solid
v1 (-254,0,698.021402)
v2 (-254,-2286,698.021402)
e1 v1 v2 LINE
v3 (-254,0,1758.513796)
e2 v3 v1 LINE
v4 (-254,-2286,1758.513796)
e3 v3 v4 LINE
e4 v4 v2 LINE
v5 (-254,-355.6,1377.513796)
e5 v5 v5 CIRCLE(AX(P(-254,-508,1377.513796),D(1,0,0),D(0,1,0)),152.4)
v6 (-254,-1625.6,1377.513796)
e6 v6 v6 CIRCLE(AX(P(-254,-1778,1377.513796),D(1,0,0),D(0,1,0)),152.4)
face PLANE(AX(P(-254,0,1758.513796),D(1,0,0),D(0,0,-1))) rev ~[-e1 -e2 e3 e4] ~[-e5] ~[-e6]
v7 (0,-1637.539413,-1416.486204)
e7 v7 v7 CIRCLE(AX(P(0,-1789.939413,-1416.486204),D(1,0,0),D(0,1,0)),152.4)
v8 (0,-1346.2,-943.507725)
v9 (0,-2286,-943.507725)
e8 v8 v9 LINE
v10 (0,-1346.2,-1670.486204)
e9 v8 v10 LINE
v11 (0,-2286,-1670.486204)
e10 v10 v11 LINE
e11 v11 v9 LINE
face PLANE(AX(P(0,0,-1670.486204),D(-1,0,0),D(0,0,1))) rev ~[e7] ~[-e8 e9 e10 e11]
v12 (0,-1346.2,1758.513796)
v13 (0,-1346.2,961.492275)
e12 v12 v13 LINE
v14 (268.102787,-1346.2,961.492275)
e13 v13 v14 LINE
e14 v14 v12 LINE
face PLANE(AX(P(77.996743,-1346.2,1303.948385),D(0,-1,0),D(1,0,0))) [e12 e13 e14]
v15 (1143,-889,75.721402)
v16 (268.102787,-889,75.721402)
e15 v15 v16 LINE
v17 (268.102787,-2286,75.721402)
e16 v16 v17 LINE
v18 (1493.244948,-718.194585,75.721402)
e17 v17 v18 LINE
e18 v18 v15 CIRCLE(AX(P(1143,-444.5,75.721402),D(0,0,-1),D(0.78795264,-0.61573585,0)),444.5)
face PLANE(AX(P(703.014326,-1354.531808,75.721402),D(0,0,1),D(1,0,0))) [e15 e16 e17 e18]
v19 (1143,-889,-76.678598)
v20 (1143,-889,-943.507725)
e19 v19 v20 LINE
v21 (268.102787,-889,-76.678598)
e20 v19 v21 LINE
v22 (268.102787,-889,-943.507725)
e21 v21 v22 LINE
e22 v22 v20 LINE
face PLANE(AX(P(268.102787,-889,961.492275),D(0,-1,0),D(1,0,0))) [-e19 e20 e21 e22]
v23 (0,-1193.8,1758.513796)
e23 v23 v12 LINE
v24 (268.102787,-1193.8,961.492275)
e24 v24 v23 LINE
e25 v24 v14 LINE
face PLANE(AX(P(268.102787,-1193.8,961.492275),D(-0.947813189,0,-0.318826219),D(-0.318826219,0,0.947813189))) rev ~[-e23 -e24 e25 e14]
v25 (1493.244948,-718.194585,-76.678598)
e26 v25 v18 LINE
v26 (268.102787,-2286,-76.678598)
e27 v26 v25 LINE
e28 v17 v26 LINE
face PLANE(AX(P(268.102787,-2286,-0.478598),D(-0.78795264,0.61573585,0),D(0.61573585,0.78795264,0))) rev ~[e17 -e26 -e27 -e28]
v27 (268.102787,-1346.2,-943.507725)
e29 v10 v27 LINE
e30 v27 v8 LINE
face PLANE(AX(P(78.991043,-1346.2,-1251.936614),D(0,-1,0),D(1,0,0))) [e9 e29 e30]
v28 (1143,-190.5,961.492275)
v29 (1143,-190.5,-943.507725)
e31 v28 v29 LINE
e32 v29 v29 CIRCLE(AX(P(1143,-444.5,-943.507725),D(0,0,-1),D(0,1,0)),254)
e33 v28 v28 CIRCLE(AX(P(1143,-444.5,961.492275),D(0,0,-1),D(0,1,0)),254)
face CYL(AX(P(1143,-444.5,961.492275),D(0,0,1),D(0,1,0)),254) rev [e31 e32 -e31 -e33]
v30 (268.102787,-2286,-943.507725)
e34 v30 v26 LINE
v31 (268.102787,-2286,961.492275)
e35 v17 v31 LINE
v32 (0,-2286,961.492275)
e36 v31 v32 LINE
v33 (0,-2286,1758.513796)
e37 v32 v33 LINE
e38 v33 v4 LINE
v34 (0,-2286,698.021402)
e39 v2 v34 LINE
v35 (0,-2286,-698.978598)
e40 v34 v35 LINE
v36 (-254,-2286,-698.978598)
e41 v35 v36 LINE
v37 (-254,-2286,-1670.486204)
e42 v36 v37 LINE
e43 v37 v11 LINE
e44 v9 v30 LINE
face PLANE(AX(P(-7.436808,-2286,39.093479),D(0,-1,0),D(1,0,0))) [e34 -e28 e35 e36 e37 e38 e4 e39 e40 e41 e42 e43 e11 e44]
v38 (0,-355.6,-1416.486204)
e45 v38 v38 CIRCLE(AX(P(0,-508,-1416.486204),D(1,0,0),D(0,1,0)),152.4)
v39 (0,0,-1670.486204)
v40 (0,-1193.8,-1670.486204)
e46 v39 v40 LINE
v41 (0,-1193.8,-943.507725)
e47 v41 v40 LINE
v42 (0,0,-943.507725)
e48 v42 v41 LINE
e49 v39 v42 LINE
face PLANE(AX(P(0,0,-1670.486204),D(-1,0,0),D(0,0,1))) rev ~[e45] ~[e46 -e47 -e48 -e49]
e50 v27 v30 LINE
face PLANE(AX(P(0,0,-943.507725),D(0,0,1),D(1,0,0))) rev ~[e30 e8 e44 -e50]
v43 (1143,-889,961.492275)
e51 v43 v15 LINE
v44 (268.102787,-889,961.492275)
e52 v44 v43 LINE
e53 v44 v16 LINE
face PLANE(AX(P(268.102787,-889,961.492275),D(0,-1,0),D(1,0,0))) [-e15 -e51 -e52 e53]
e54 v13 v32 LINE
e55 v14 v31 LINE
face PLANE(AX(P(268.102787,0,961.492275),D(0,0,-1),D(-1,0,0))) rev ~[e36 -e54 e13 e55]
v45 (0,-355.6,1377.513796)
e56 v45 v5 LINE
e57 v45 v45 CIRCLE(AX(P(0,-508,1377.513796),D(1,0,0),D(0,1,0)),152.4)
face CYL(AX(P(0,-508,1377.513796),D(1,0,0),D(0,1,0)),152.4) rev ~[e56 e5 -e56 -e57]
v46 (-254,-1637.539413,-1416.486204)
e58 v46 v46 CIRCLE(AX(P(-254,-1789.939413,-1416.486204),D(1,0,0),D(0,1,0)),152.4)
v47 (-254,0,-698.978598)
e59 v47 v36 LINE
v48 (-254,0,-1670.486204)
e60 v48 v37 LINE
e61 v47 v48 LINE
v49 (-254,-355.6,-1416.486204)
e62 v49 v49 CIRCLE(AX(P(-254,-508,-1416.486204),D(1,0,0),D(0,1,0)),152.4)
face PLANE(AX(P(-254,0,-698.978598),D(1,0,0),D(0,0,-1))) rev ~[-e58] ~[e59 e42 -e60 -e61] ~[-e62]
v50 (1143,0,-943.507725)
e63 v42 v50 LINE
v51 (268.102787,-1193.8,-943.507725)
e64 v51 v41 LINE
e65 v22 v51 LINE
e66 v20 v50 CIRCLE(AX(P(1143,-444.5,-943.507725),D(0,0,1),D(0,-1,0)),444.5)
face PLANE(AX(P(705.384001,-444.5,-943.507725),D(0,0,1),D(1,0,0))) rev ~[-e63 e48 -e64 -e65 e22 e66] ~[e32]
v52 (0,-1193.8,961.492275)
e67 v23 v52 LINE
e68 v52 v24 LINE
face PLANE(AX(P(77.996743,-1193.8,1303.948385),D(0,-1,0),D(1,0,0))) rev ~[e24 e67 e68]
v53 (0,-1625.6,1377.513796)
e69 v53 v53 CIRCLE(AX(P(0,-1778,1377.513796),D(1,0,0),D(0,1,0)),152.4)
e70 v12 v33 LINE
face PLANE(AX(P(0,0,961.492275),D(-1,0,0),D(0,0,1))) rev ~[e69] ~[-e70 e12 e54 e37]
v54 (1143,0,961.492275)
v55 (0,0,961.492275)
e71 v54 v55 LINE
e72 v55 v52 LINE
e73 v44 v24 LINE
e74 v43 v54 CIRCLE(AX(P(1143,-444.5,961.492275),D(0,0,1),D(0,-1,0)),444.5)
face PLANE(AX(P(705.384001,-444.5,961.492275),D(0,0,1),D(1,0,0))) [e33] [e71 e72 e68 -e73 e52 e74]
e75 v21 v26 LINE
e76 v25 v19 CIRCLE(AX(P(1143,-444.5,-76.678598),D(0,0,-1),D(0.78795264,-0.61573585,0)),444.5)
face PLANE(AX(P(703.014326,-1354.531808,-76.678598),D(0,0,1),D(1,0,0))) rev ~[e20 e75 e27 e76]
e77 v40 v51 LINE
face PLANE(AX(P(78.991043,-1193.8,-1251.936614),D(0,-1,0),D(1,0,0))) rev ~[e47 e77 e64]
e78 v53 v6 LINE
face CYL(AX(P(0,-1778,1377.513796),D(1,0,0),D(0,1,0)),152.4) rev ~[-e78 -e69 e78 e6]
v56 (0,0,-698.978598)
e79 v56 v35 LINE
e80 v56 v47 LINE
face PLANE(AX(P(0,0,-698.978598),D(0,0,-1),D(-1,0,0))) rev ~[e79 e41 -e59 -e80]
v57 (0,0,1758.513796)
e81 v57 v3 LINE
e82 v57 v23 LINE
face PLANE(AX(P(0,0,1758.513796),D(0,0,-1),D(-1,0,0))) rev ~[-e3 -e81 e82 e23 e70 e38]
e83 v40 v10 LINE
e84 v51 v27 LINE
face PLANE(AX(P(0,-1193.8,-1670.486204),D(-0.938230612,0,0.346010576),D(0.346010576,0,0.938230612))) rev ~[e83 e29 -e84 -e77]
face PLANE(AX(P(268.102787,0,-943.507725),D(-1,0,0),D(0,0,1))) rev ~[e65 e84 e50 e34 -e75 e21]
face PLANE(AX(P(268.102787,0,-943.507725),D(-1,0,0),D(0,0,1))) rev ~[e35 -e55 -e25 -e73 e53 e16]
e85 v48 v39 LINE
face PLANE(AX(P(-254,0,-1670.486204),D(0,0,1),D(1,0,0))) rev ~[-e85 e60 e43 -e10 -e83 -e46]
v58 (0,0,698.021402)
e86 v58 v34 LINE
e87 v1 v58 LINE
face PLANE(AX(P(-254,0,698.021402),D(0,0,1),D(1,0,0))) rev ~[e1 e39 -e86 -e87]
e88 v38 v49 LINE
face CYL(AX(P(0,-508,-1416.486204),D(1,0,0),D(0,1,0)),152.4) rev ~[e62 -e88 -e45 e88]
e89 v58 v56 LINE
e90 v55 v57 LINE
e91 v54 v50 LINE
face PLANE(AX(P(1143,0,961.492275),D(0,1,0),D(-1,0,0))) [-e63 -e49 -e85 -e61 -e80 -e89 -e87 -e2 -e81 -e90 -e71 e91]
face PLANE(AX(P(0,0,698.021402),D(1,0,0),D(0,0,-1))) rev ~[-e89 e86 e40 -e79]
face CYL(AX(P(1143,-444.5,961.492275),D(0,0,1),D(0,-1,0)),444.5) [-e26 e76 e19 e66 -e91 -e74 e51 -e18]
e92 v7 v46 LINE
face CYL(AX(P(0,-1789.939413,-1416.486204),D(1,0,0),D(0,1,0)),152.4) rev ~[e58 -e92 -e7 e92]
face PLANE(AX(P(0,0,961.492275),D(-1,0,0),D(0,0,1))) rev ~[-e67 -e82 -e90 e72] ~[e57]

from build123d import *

# Parameters (mm, degrees)
F1_DEPTH  = 2286
F2_R      = 152.4
F3_DEPTH  = 254.001
F6_DEPTH  = 152.4
F7_R      = 152.4
F8_DEPTH  = 254.001
F10_DEPTH = 152.4
F13_DEPTH = 1905
F16_DEPTH = 76.2
F17_DEPTH = 76.2


with BuildPart() as f1:
    # F0 (on Front) → F1 (new body)
    with BuildSketch(Plane.XZ):
        Polygon((0, 698.0214019488), (0, 0), (0, -698.9785980512), (-254, -698.9785980512), (-254, -1670.4862043844), (0, -1670.4862043844), (0, -943.5077252053), (268.1027871695, -943.5077252053), (268.1027871695, 0), (268.1027871695, 961.4922747947), (0, 961.4922747947), (0, 1758.5137956156), (-254, 1758.5137956156), (-254, 698.0214019488), align=None)
    extrude(amount=F1_DEPTH)

    # F2 (on face) → F3 (cut, through all)
    with BuildSketch(Plane.YZ):
        with Locations((-1778, 1377.5137956156)):
            Circle(F2_R)
        with Locations((-508, 1377.5137956156)):
            Circle(F2_R)
    extrude(amount=-F3_DEPTH, mode=Mode.SUBTRACT)

    # F5 (on offset) → F6 (join)
    with BuildSketch(Plane.XZ.offset(1193.8)):
        Polygon((268.1027871695, 961.4922747947), (0, 1758.5137956156), (0, 961.4922747947), align=None)
    extrude(amount=F6_DEPTH)

    # F7 (on face) → F8 (cut, through all)
    with BuildSketch(Plane.YZ):
        with Locations((-1789.9394125572, -1416.4862043844)):
            Circle(F7_R)
        with Locations((-508, -1416.4862043844)):
            Circle(F7_R)
    extrude(amount=-F8_DEPTH, mode=Mode.SUBTRACT)

    # F9 (on offset) → F10 (join)
    with BuildSketch(Plane.XZ.offset(1193.8)):
        Polygon((0, -943.5077252053), (0, -1670.4862043844), (268.1027871695, -943.5077252053), align=None)
    extrude(amount=F10_DEPTH)

    # F12 (on offset) → F13 (join)
    with BuildSketch(Plane.XY.offset(961.4922747947)):
        with BuildLine():
            Line((268.1027871695, 0), (268.1027871695, -889))
            Line((268.1027871695, -889), (1143, -889))
            Line((1143, -889), (1143, -698.5))
            ThreePointArc((1143, -698.5), (889, -444.5), (1143, -190.5))
            Line((1143, -190.5), (1143, 0))
            Line((1143, 0), (268.1027871695, 0))
        make_face()
        with BuildLine():
            Line((1143, -698.5), (1143, -889))
            ThreePointArc((1143, -889), (1587.5, -444.5), (1143, 0))
            Line((1143, 0), (1143, -190.5))
            ThreePointArc((1143, -190.5), (1322.6051224214, -264.8948775786), (1397, -444.5))
            ThreePointArc((1397, -444.5), (1322.6051224214, -624.1051224214), (1143, -698.5))
        make_face()
    extrude(amount=-F13_DEPTH)

    # F15 (on offset) → F16 (join)
    with BuildSketch(Plane.XY.offset(-0.4785980512)):
        with BuildLine():
            Line((268.1027871695, -889), (268.1027871695, -1193.8))
            Line((268.1027871695, -1193.8), (268.1027871695, -1346.2))
            Line((268.1027871695, -1346.2), (268.1027871695, -2286))
            Line((268.1027871695, -2286), (1493.2449483987, -718.1945854803))
            ThreePointArc((1493.2449483987, -718.1945854803), (1337.8371201209, -844.0231490452), (1143, -889))
            Line((1143, -889), (268.1027871695, -889))
        make_face()
    extrude(amount=-F16_DEPTH)

    # F15 (on offset) → F17 (join)
    with BuildSketch(Plane.XY.offset(-0.4785980512)):
        with BuildLine():
            Line((268.1027871695, -889), (268.1027871695, -1193.8))
            Line((268.1027871695, -1193.8), (268.1027871695, -1346.2))
            Line((268.1027871695, -1346.2), (268.1027871695, -2286))
            Line((268.1027871695, -2286), (1493.2449483987, -718.1945854803))
            ThreePointArc((1493.2449483987, -718.1945854803), (1337.8371201209, -844.0231490452), (1143, -889))
            Line((1143, -889), (268.1027871695, -889))
        make_face()
    extrude(amount=F17_DEPTH)


solid = f1.part
